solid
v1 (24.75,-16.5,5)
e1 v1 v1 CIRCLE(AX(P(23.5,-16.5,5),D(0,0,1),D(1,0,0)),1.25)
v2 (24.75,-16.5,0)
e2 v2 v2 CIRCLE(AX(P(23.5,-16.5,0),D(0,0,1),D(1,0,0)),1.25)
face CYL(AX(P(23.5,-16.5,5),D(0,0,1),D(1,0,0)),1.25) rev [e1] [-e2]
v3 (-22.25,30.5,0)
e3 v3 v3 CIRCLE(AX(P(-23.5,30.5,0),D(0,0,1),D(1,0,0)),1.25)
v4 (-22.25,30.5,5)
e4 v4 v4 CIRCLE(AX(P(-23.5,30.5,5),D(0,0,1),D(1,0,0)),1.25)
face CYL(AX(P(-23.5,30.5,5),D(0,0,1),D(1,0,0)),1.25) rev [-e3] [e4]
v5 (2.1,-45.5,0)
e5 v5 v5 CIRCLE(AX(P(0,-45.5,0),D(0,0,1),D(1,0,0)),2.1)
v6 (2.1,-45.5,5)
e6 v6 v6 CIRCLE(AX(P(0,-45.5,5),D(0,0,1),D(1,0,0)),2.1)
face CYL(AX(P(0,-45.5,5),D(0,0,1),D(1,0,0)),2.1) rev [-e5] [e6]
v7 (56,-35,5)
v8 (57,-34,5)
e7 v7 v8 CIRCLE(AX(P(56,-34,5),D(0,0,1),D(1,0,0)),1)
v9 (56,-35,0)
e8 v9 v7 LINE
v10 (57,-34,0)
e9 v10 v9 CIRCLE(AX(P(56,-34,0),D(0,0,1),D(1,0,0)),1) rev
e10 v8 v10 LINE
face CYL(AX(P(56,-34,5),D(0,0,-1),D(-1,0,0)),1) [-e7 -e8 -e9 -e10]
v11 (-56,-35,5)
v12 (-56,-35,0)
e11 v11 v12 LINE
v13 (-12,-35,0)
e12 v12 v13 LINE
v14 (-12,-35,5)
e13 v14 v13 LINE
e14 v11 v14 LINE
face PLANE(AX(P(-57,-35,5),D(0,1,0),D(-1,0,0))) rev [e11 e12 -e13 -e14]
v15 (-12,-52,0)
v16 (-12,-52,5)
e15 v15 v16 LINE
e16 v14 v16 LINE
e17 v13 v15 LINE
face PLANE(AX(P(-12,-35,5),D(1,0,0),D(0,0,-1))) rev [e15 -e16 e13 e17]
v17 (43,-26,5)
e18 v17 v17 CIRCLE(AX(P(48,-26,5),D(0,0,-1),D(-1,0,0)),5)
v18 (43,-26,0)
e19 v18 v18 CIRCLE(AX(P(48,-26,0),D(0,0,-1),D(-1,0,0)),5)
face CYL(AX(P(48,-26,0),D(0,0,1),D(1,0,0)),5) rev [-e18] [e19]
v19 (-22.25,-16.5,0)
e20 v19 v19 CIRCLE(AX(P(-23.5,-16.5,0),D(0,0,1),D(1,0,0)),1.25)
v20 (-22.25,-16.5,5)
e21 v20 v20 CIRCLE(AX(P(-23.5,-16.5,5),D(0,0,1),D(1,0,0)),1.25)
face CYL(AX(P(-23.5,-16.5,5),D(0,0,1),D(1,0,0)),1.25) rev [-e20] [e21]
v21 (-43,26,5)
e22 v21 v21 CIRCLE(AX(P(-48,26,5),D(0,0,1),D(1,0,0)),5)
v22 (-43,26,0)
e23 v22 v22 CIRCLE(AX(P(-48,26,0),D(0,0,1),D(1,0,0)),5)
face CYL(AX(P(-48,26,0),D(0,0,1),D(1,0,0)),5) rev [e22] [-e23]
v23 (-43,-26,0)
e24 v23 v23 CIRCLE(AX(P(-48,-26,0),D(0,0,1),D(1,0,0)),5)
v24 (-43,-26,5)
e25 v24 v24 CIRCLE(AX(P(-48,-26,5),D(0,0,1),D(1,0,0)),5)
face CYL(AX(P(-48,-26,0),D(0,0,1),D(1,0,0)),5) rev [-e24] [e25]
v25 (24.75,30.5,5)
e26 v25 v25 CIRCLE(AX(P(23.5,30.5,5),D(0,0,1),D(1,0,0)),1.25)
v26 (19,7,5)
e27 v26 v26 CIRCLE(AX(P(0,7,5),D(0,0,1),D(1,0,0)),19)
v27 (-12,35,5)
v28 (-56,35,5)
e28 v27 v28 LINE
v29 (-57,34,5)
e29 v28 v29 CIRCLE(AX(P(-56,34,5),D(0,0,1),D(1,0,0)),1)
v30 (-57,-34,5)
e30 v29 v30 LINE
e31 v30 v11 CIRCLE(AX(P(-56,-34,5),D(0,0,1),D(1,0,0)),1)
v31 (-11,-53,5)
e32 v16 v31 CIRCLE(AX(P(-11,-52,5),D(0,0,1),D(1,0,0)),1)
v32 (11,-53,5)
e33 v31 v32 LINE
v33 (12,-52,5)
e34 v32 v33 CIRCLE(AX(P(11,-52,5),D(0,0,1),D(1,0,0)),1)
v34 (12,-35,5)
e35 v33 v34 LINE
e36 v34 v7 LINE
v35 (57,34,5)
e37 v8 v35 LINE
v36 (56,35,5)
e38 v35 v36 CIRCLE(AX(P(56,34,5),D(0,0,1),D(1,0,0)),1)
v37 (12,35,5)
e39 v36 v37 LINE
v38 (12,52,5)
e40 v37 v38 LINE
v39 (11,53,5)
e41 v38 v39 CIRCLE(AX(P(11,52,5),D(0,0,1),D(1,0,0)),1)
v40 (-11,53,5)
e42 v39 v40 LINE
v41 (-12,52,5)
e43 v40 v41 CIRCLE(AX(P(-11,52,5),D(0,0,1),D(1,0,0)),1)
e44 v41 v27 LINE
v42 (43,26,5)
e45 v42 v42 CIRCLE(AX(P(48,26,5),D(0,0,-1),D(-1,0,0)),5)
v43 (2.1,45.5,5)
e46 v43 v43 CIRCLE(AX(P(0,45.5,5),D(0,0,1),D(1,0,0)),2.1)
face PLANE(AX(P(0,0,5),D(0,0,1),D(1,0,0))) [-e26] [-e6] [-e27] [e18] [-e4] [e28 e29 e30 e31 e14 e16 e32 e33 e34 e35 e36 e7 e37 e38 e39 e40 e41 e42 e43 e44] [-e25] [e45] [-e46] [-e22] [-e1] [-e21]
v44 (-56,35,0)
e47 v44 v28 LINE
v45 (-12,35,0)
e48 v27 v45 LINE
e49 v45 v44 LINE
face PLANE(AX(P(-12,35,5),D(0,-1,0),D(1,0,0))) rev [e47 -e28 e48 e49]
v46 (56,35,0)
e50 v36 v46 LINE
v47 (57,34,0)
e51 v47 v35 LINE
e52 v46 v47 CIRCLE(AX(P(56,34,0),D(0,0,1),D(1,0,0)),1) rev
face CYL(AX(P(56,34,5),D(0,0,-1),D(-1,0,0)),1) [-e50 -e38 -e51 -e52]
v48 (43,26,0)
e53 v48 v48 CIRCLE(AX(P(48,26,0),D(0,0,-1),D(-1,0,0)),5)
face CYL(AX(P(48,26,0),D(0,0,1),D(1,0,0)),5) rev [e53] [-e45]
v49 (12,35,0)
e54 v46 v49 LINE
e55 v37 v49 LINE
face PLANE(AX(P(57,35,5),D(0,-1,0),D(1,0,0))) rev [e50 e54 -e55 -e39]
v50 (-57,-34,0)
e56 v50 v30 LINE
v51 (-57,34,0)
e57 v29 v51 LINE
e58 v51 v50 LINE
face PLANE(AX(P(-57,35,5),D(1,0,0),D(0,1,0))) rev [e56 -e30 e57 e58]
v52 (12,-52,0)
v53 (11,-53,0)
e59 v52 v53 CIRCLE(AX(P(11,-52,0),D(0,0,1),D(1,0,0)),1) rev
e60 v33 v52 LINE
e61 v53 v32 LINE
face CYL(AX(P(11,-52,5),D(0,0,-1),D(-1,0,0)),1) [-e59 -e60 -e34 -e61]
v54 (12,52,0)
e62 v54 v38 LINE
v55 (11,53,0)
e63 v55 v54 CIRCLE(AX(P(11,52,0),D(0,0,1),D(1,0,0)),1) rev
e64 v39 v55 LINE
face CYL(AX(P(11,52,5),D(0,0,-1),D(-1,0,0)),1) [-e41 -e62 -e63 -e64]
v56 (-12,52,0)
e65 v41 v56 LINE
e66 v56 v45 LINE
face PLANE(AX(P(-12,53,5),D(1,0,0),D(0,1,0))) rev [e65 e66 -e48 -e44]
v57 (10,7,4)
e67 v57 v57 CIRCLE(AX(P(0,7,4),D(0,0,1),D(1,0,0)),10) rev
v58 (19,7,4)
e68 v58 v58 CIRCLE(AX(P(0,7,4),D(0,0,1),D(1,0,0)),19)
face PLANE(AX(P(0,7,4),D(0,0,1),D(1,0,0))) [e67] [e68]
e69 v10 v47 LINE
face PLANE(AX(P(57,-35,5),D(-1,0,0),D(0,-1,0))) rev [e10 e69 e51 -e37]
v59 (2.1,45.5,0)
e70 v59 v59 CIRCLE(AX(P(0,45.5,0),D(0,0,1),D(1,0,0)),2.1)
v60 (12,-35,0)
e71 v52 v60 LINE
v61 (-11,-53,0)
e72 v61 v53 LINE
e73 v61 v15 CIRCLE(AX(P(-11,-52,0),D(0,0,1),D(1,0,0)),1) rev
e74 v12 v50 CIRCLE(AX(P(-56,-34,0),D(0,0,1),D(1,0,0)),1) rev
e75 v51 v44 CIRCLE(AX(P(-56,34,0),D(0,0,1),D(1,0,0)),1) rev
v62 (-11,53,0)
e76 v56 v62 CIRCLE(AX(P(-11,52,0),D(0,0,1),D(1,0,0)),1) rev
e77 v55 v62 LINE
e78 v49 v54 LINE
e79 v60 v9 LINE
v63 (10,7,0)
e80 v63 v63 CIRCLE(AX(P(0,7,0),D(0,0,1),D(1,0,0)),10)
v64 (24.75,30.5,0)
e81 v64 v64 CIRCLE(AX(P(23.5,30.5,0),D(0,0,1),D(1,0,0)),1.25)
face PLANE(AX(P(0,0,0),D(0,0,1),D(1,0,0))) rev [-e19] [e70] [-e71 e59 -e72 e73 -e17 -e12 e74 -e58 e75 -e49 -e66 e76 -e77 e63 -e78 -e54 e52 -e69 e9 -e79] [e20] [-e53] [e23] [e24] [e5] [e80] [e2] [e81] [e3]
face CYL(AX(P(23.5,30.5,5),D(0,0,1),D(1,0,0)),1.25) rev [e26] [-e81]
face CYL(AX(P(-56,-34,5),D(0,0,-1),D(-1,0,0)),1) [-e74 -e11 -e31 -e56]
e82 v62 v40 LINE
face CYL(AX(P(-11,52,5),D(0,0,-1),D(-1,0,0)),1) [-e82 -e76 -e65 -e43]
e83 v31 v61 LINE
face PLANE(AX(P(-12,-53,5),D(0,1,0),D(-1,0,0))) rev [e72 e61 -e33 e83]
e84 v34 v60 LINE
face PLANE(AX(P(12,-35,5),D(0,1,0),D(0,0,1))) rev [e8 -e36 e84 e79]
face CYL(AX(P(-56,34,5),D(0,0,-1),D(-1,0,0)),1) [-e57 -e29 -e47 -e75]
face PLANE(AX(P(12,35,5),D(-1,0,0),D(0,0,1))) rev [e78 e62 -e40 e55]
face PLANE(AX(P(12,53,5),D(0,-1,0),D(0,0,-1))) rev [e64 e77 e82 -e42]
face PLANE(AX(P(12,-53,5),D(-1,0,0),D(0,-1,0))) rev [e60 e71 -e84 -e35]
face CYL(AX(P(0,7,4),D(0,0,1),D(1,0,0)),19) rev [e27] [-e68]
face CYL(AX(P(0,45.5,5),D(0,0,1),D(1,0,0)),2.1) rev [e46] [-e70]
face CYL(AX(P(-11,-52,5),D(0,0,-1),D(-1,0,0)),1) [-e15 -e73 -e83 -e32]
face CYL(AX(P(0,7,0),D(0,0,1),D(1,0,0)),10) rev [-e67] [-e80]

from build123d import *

# Parameters (mm, degrees)
EXTRUDE_1_DEPTH     = 5
FILLET_2_R          = 1
HOLE_WIZARD_M3_1_D  = 2.5
SKETCH_5_R          = 5
CUT_EXTRUDE_1_DEPTH = 5
HOLE_WIZARD_M5_1_D  = 4.2
SKETCH_7_R          = 10
CUT_EXTRUDE_2_DEPTH = 78.99358948
SKETCH_8_R          = 19
CUT_EXTRUDE_3_DEPTH = 1


with BuildPart() as part:
    # 草图1 → 凸台-拉伸1 (new body)
    with BuildSketch(Plane.XY):
        Polygon((-57, 35), (-57, -35), (-12, -35), (-12, -53), (12, -53), (12, -35), (57, -35), (57, 35), (12, 35), (12, 53), (-12, 53), (-12, 35), align=None)
    extrude(amount=EXTRUDE_1_DEPTH)

    # 圆角2
    fillet_2_edges = [part.edges().sort_by_distance(p)[0] for p in [
        (-12, 53, 2.5),
        (12, 53, 2.5),
        (57, 35, 2.5),
        (57, -35, 2.5),
        (12, -53, 2.5),
        (-12, -53, 2.5),
        (-57, -35, 2.5),
        (-57, 35, 2.5),
    ]]
    fillet(fillet_2_edges, radius=FILLET_2_R)

    # M3 螺纹孔的螺纹孔钻头1 (through all)
    with Locations(Plane(origin=(-23.5, 30.5, 5), x_dir=(1, 0, 0), z_dir=(0, 0, 1))):
        with Locations((0, 0), (0, -47)):
            hole_wizard_m3_1 = Hole(HOLE_WIZARD_M3_1_D / 2)

    # 镜向1: M3 螺纹孔的螺纹孔钻头1 across plane
    add(hole_wizard_m3_1.mirror(Plane(origin=(0, 0, 0), x_dir=(0, 0, 1), z_dir=(1, 0, 0))), mode=Mode.SUBTRACT)

    # 草图5 → 切除-拉伸1 (cut)
    with BuildSketch(Plane.XY.offset(5)):
        with Locations((-48, 26)):
            Circle(SKETCH_5_R)
        with Locations((-48, -26)):
            Circle(SKETCH_5_R)
    cut_extrude_1 = extrude(amount=-CUT_EXTRUDE_1_DEPTH, mode=Mode.SUBTRACT)

    # 镜向2: 切除-拉伸1 across plane
    add(cut_extrude_1.mirror(Plane(origin=(0, 0, 0), x_dir=(0, 0, 1), z_dir=(1, 0, 0))), mode=Mode.SUBTRACT)

    # M5 螺纹孔的螺纹孔钻头1 (through all)
    with Locations(Plane(origin=(0, 45.5, 5), x_dir=(1, 0, 0), z_dir=(0, 0, 1))):
        with Locations((0, 0)):
            hole_wizard_m5_1 = Hole(HOLE_WIZARD_M5_1_D / 2)

    # 镜向3: M5 螺纹孔的螺纹孔钻头1 across plane
    add(hole_wizard_m5_1.mirror(Plane.ZX), mode=Mode.SUBTRACT)

    # 草图7 → 切除-拉伸2 (cut, through all)
    with BuildSketch(Plane.XY.offset(5)):
        with Locations((0, 7)):
            Circle(SKETCH_7_R)
    extrude(amount=-CUT_EXTRUDE_2_DEPTH, mode=Mode.SUBTRACT)

    # 草图8 → 切除-拉伸3 (cut)
    with BuildSketch(Plane.XY.offset(5)):
        with Locations((0, 7)):
            Circle(SKETCH_8_R)
    extrude(amount=-CUT_EXTRUDE_3_DEPTH, mode=Mode.SUBTRACT)


solid = part.part
